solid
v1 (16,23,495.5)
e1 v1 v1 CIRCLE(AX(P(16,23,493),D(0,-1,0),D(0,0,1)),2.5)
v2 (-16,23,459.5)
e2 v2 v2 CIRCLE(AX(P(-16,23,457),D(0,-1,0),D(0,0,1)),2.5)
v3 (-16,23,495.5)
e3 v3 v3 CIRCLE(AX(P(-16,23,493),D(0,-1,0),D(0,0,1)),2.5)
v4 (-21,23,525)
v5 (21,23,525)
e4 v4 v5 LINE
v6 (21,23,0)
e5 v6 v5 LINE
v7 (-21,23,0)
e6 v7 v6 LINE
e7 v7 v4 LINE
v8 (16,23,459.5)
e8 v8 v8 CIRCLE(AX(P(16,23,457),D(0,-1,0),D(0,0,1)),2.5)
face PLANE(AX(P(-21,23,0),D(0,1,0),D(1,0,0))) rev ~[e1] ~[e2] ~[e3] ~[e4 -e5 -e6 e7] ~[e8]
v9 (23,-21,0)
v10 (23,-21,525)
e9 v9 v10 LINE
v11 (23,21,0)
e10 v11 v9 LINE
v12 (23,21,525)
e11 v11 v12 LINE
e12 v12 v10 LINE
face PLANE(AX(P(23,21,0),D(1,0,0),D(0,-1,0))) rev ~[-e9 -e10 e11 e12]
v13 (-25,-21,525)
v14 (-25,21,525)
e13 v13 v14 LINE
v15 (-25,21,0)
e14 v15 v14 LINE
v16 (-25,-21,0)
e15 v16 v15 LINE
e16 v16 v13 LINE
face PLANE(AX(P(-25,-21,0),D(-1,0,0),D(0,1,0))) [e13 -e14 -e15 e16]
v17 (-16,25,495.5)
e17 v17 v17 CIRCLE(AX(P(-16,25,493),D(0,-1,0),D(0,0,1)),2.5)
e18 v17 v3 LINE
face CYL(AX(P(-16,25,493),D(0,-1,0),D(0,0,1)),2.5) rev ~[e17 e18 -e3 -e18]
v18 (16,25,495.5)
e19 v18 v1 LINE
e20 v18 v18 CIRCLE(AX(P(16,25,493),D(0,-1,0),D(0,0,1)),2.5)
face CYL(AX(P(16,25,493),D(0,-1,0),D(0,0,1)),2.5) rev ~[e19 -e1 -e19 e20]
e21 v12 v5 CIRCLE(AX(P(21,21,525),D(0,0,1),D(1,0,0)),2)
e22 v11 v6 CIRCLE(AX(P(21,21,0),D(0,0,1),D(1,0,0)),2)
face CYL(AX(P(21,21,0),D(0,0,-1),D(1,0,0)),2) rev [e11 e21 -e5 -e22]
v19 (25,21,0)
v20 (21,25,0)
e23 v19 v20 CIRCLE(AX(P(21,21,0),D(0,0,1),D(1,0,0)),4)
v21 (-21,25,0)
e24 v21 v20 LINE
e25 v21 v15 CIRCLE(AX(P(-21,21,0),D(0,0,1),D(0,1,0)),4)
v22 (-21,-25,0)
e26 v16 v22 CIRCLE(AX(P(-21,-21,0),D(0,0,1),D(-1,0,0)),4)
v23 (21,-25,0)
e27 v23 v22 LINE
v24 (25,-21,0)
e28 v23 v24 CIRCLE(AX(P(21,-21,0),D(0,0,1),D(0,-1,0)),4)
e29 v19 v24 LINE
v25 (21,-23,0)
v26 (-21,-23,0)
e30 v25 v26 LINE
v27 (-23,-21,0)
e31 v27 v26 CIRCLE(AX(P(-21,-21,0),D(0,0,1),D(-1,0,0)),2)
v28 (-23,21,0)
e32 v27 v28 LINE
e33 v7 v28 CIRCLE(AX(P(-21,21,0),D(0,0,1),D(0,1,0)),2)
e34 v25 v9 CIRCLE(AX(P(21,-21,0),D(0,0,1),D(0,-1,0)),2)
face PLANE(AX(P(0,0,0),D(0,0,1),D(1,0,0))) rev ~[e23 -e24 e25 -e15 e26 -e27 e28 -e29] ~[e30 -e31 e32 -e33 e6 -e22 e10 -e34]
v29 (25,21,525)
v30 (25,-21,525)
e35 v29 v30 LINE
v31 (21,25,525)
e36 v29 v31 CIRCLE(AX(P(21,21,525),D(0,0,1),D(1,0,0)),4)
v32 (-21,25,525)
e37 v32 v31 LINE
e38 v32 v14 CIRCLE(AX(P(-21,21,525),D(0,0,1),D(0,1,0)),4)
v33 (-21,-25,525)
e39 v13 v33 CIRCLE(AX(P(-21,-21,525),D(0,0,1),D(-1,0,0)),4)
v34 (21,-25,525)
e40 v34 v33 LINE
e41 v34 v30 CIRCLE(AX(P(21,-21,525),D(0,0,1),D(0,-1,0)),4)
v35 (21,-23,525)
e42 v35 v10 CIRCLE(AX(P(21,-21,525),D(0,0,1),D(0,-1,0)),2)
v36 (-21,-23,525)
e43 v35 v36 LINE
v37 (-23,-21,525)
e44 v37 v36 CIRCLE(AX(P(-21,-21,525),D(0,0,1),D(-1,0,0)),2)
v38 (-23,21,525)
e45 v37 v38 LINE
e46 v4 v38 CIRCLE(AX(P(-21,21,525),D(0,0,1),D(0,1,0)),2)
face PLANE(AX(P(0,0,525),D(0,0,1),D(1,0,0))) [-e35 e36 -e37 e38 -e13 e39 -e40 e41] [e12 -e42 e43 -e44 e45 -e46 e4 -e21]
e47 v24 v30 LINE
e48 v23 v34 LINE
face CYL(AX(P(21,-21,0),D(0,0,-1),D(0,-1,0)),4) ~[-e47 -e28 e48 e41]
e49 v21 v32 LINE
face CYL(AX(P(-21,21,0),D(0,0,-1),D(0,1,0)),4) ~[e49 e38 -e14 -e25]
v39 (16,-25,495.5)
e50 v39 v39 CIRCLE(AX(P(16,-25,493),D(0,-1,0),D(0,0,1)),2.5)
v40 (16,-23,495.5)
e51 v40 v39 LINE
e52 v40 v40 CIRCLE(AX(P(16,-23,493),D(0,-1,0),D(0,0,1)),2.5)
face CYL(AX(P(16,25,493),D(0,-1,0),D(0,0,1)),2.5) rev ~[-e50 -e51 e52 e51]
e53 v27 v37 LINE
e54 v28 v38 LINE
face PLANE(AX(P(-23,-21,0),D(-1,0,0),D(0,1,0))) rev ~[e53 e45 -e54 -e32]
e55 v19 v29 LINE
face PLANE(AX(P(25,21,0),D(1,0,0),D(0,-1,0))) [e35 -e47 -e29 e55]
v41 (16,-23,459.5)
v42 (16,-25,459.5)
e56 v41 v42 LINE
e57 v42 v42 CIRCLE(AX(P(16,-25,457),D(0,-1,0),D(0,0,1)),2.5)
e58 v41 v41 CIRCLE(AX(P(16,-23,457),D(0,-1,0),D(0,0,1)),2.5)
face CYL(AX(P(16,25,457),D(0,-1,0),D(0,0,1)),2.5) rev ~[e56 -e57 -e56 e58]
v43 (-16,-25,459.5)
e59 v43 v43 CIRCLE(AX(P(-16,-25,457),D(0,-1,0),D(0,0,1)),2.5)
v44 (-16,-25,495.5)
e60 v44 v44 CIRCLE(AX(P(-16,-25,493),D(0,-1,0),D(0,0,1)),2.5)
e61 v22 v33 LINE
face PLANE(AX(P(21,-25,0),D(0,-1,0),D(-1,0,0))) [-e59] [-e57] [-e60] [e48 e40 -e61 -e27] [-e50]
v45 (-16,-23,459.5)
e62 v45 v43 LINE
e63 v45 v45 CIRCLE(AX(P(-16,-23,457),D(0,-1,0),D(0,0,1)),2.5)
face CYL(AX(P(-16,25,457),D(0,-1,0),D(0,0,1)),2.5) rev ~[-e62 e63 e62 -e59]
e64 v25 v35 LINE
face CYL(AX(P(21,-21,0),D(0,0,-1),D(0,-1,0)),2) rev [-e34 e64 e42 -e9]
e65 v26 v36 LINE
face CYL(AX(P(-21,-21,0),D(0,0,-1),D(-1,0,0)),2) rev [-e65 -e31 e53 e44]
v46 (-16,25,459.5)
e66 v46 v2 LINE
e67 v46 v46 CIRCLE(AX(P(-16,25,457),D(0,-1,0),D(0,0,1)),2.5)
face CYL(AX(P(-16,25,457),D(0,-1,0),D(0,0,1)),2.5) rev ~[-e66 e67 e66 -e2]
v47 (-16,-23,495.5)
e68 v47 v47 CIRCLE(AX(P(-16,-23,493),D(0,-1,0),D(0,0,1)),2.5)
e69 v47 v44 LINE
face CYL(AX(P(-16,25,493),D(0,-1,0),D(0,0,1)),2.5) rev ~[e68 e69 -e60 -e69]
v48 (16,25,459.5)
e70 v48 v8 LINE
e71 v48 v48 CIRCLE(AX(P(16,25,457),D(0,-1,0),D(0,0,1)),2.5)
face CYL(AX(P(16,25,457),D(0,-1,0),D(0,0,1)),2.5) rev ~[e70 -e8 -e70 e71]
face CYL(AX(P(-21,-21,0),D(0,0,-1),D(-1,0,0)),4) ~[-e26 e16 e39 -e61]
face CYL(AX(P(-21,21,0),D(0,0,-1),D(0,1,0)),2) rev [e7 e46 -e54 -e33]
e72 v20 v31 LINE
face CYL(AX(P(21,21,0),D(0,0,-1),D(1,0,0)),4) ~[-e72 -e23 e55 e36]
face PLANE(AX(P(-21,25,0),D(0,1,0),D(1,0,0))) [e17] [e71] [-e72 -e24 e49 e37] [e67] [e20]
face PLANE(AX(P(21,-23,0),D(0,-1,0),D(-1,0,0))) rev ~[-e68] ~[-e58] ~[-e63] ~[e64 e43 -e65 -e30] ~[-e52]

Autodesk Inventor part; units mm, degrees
ref_plane "Start Plane" through (0, 0, 0) normal (0, 0, 1) x (1, 0, 0)
ref_plane "End Plane" through (0, 0, 525) normal (0, 0, 1) x (1, 0, 0)
sketch "Sketch" plane through (0, 0, 0) normal (0, 0, 1) x (1, 0, 0)
  line L0 (-25, -21) -> (-25, 21)
  line L1 (-21, 25) -> (21, 25)
  line L2 (25, 21) -> (25, -21)
  line L3 (21, -25) -> (-21, -25)
  arc A0 (-25, -21) -> (-21, -25) centre (-21, -21) ccw
  arc A1 (25, 21) -> (21, 25) centre (21, 21) ccw
  arc A2 (-21, 25) -> (-25, 21) centre (-21, 21) ccw
  arc A3 (21, -25) -> (25, -21) centre (21, -21) ccw
  arc A4 (-21, 23) -> (-23, 21) centre (-21, 21) ccw
  line L4 (-21, 23) -> (21, 23)
  arc A5 (23, 21) -> (21, 23) centre (21, 21) ccw
  line L5 (23, 21) -> (23, -21)
  arc A6 (21, -23) -> (23, -21) centre (21, -21) ccw
  line L6 (21, -23) -> (-21, -23)
  arc A7 (-23, -21) -> (-21, -23) centre (-21, -21) ccw
  line L7 (-23, -21) -> (-23, 21)
  line L8 (0, 36.1598) -> (0, -36.1598) construction
  line L9 (-36.1598, 0) -> (36.1598, 0) construction
  dimension "d7" = 4
  dimension "d9" = 50
  dimension "d11" = 50
  dimension "d12" = 2
  dimension "d15" = 25
  dimension "d16" = 25
extrude "Body" add sketch "Sketch" along normal up to surface (525 mm away) from surface at 0
sketch "Sketch3" plane through (0, 0, 0) normal (0, 0, 1) x (1, 0, 0)
  line L0 (0, 0) -> (10, 0)
ref_plane "Work Plane3" through (0, 0, 0) normal (0, -1, 0) x (1, 0, 0)
sketch "Sketch4" plane through (0, 0, 0) normal (0, -1, 0) x (1, 0, 0)
  line L0 (-2, 0) -> (12, 0)
  line L1 (-2, 525) -> (12, 525)
  dimension "d18" = 525
ref_plane "Work Plane4" through (2310, -20, 525) normal (0, 0, 1) x (1, 0, 0)
split "Split1" plane through (2310, -20, 525) removes the side toward (0, 0, 1)
sketch "Sketch5" plane through (21, 25, 525) normal (0, 1, 0) x (1, 0, 0)
  line L0 (0, 0) -> (-42, 0) projected
  line L1 (-42, 525) -> (-42, 0) projected
  line L2 (0, 525) -> (-42, 525) projected
  line L3 (0, 525) -> (0, 0) projected
  line L4 (-5, 68) -> (-37, 68)
  line L5 (-37, 68) -> (-37, 32)
  line L6 (-37, 32) -> (-5, 32)
  line L7 (-5, 32) -> (-5, 68)
  line L8 (-21, 0) -> (-21, 12.3135)
  point P0 (-21, 525)
  dimension "d19" = 32
  dimension "d20" = 32
  dimension "d21" = 36
hole "Hole1" at (16, 25, 457) at (-16, 25, 457) at (16, 25, 493) at (-16, 25, 493) direction (0, -1, 0) diameter 5 depth 50
equation "\"d7\" = G_IR"
equation "\"d9\" = G_W"
equation "\"d11\" = G_H"
equation "\"d12\" = G_T"
equation "\"d15\" = 0.5 * d9"
equation "\"d16\" = 0.5 * d11"
equation "\"d3\" = G_L"
equation "\"G_W\" = 50"
equation "\"G_H\" = 50"
equation "\"G_T\" = 2"
equation "\"G_IR\" = 4"
equation "\"G_L\" = d18"
equation "\"G_OFFSET_START\" = 0"
equation "\"G_OFFSET_END\" = -25"
equation "\"d14\" = G_OFFSET_END + B_L"
equation "\"B_L\" = 550"
properties part number "ISO 10799-2 - 50x50x2 - 525" material "Steel, Galvanized"
